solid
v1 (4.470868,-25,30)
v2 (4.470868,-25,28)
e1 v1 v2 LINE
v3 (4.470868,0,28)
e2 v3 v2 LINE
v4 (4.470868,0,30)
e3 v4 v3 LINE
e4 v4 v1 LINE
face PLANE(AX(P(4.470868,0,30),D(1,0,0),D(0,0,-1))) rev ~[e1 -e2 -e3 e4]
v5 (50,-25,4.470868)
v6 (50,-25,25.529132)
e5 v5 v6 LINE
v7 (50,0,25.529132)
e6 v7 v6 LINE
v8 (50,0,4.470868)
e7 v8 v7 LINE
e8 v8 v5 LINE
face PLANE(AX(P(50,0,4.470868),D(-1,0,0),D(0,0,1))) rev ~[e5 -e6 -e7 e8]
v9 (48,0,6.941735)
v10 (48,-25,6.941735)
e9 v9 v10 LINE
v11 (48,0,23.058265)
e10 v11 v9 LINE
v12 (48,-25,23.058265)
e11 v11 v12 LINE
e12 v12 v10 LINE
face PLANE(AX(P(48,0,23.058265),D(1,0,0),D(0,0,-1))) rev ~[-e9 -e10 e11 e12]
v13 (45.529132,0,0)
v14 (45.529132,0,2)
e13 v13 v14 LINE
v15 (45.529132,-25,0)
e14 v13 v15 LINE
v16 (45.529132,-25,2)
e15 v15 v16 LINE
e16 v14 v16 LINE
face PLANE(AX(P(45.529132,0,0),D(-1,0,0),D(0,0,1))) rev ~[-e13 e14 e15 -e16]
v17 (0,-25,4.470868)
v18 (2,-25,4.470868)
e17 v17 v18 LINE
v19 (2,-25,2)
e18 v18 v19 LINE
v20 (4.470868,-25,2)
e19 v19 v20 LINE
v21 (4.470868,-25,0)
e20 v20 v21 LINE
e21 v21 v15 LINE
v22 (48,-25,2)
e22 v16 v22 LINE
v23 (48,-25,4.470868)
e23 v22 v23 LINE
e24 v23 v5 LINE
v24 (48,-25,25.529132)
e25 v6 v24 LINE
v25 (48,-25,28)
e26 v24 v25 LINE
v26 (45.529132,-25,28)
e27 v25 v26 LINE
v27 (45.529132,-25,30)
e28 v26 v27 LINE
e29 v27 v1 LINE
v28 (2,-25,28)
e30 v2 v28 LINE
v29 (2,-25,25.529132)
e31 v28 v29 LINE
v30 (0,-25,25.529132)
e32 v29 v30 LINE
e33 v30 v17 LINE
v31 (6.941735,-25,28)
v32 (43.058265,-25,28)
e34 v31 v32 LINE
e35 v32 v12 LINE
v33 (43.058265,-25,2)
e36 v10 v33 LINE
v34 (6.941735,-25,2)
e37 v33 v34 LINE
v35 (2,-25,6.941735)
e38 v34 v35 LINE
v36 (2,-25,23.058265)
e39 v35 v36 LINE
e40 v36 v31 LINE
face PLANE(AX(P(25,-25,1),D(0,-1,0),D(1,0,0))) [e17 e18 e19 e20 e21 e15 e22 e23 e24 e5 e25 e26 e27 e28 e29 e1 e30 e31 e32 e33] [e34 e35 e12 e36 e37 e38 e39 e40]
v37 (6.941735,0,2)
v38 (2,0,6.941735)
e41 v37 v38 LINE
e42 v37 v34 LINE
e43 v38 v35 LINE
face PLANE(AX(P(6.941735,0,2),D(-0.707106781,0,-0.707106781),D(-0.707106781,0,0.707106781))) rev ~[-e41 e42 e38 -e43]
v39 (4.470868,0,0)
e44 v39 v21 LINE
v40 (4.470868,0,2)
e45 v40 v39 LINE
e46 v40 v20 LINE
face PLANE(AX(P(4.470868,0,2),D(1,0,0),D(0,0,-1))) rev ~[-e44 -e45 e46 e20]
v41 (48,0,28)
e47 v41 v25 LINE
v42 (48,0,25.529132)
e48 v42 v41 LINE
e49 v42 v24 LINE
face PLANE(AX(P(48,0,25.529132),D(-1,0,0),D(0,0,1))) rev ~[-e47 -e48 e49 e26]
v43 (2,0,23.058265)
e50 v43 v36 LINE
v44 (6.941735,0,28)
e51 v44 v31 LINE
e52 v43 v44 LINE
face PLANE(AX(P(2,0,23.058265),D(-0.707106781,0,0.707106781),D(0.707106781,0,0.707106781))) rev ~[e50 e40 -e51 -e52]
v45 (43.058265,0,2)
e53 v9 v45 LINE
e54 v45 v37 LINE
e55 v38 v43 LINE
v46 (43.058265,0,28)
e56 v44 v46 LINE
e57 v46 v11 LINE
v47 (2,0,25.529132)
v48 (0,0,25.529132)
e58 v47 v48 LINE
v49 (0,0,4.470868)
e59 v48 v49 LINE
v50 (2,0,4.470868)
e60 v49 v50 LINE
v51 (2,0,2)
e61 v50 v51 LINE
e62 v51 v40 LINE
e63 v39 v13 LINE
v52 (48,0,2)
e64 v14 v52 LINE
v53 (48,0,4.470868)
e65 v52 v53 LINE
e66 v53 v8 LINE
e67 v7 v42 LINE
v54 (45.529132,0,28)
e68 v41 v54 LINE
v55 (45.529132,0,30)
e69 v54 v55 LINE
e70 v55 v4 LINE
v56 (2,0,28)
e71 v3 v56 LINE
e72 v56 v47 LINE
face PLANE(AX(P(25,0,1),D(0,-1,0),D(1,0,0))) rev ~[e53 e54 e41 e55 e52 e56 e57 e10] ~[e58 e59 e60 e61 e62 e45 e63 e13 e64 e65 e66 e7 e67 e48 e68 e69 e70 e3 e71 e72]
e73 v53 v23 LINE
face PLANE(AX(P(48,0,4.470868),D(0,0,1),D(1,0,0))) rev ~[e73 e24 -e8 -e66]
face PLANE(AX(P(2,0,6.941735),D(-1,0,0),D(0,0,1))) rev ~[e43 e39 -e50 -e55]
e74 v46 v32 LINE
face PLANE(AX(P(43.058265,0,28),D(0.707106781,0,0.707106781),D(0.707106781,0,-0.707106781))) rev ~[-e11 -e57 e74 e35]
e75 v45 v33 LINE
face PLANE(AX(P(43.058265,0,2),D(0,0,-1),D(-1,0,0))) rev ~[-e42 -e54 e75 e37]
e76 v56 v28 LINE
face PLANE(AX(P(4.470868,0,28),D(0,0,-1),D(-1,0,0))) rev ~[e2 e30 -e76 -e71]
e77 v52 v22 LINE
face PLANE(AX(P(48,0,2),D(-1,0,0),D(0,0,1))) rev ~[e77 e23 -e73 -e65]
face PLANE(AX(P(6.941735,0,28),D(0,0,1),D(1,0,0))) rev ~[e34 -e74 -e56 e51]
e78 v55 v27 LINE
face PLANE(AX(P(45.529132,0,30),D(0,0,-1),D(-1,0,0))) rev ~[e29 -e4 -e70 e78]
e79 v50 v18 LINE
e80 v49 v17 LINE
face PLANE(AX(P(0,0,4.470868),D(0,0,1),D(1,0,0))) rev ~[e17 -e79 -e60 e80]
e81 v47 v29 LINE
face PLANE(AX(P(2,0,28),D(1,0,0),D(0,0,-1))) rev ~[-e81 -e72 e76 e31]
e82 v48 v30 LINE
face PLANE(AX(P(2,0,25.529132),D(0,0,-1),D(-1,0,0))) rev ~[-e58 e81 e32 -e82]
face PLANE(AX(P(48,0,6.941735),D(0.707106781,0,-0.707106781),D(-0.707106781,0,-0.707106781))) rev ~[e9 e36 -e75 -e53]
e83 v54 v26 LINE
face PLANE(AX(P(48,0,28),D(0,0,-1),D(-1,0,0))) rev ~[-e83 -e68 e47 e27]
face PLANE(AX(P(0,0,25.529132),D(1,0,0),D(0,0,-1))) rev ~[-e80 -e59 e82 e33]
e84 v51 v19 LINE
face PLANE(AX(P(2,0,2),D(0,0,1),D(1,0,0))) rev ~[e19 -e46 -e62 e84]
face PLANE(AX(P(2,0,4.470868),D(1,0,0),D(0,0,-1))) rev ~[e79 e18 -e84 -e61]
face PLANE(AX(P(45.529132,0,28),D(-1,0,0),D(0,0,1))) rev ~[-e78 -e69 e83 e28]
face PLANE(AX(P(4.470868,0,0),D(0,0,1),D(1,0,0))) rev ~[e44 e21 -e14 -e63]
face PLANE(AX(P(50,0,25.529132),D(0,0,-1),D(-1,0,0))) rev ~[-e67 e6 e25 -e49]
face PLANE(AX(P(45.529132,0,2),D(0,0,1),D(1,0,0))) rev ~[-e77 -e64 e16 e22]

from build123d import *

# Parameters (mm, degrees)
F1_DEPTH = 25


with BuildPart() as f1:
    # F0 (on Front) → F1 (new body)
    with BuildSketch(Plane.XZ):
        Polygon((4.470868, 2), (4.470868, 0), (45.529132, 0), (45.529132, 2), (43.058265, 2), (6.941735, 2), align=None)
        Polygon((2, 2), (4.470868, 2), (6.941735, 2), (2, 6.941735), (2, 4.470868), align=None)
        Polygon((43.058265, 2), (45.529132, 2), (48, 2), (48, 4.470868), (48, 6.941735), align=None)
        Polygon((0, 4.470868), (2, 4.470868), (2, 6.941735), (2, 23.058265), (2, 25.529132), (0, 25.529132), align=None)
        Polygon((48, 6.941735), (48, 4.470868), (50, 4.470868), (50, 25.529132), (48, 25.529132), (48, 23.058265), align=None)
        Polygon((2, 25.529132), (2, 23.058265), (6.941735, 28), (4.470868, 28), (2, 28), align=None)
        Polygon((43.058265, 28), (48, 23.058265), (48, 25.529132), (48, 28), (45.529132, 28), align=None)
        Polygon((4.470868, 28), (6.941735, 28), (43.058265, 28), (45.529132, 28), (45.529132, 30), (4.470868, 30), align=None)
    extrude(amount=F1_DEPTH)


solid = f1.part
